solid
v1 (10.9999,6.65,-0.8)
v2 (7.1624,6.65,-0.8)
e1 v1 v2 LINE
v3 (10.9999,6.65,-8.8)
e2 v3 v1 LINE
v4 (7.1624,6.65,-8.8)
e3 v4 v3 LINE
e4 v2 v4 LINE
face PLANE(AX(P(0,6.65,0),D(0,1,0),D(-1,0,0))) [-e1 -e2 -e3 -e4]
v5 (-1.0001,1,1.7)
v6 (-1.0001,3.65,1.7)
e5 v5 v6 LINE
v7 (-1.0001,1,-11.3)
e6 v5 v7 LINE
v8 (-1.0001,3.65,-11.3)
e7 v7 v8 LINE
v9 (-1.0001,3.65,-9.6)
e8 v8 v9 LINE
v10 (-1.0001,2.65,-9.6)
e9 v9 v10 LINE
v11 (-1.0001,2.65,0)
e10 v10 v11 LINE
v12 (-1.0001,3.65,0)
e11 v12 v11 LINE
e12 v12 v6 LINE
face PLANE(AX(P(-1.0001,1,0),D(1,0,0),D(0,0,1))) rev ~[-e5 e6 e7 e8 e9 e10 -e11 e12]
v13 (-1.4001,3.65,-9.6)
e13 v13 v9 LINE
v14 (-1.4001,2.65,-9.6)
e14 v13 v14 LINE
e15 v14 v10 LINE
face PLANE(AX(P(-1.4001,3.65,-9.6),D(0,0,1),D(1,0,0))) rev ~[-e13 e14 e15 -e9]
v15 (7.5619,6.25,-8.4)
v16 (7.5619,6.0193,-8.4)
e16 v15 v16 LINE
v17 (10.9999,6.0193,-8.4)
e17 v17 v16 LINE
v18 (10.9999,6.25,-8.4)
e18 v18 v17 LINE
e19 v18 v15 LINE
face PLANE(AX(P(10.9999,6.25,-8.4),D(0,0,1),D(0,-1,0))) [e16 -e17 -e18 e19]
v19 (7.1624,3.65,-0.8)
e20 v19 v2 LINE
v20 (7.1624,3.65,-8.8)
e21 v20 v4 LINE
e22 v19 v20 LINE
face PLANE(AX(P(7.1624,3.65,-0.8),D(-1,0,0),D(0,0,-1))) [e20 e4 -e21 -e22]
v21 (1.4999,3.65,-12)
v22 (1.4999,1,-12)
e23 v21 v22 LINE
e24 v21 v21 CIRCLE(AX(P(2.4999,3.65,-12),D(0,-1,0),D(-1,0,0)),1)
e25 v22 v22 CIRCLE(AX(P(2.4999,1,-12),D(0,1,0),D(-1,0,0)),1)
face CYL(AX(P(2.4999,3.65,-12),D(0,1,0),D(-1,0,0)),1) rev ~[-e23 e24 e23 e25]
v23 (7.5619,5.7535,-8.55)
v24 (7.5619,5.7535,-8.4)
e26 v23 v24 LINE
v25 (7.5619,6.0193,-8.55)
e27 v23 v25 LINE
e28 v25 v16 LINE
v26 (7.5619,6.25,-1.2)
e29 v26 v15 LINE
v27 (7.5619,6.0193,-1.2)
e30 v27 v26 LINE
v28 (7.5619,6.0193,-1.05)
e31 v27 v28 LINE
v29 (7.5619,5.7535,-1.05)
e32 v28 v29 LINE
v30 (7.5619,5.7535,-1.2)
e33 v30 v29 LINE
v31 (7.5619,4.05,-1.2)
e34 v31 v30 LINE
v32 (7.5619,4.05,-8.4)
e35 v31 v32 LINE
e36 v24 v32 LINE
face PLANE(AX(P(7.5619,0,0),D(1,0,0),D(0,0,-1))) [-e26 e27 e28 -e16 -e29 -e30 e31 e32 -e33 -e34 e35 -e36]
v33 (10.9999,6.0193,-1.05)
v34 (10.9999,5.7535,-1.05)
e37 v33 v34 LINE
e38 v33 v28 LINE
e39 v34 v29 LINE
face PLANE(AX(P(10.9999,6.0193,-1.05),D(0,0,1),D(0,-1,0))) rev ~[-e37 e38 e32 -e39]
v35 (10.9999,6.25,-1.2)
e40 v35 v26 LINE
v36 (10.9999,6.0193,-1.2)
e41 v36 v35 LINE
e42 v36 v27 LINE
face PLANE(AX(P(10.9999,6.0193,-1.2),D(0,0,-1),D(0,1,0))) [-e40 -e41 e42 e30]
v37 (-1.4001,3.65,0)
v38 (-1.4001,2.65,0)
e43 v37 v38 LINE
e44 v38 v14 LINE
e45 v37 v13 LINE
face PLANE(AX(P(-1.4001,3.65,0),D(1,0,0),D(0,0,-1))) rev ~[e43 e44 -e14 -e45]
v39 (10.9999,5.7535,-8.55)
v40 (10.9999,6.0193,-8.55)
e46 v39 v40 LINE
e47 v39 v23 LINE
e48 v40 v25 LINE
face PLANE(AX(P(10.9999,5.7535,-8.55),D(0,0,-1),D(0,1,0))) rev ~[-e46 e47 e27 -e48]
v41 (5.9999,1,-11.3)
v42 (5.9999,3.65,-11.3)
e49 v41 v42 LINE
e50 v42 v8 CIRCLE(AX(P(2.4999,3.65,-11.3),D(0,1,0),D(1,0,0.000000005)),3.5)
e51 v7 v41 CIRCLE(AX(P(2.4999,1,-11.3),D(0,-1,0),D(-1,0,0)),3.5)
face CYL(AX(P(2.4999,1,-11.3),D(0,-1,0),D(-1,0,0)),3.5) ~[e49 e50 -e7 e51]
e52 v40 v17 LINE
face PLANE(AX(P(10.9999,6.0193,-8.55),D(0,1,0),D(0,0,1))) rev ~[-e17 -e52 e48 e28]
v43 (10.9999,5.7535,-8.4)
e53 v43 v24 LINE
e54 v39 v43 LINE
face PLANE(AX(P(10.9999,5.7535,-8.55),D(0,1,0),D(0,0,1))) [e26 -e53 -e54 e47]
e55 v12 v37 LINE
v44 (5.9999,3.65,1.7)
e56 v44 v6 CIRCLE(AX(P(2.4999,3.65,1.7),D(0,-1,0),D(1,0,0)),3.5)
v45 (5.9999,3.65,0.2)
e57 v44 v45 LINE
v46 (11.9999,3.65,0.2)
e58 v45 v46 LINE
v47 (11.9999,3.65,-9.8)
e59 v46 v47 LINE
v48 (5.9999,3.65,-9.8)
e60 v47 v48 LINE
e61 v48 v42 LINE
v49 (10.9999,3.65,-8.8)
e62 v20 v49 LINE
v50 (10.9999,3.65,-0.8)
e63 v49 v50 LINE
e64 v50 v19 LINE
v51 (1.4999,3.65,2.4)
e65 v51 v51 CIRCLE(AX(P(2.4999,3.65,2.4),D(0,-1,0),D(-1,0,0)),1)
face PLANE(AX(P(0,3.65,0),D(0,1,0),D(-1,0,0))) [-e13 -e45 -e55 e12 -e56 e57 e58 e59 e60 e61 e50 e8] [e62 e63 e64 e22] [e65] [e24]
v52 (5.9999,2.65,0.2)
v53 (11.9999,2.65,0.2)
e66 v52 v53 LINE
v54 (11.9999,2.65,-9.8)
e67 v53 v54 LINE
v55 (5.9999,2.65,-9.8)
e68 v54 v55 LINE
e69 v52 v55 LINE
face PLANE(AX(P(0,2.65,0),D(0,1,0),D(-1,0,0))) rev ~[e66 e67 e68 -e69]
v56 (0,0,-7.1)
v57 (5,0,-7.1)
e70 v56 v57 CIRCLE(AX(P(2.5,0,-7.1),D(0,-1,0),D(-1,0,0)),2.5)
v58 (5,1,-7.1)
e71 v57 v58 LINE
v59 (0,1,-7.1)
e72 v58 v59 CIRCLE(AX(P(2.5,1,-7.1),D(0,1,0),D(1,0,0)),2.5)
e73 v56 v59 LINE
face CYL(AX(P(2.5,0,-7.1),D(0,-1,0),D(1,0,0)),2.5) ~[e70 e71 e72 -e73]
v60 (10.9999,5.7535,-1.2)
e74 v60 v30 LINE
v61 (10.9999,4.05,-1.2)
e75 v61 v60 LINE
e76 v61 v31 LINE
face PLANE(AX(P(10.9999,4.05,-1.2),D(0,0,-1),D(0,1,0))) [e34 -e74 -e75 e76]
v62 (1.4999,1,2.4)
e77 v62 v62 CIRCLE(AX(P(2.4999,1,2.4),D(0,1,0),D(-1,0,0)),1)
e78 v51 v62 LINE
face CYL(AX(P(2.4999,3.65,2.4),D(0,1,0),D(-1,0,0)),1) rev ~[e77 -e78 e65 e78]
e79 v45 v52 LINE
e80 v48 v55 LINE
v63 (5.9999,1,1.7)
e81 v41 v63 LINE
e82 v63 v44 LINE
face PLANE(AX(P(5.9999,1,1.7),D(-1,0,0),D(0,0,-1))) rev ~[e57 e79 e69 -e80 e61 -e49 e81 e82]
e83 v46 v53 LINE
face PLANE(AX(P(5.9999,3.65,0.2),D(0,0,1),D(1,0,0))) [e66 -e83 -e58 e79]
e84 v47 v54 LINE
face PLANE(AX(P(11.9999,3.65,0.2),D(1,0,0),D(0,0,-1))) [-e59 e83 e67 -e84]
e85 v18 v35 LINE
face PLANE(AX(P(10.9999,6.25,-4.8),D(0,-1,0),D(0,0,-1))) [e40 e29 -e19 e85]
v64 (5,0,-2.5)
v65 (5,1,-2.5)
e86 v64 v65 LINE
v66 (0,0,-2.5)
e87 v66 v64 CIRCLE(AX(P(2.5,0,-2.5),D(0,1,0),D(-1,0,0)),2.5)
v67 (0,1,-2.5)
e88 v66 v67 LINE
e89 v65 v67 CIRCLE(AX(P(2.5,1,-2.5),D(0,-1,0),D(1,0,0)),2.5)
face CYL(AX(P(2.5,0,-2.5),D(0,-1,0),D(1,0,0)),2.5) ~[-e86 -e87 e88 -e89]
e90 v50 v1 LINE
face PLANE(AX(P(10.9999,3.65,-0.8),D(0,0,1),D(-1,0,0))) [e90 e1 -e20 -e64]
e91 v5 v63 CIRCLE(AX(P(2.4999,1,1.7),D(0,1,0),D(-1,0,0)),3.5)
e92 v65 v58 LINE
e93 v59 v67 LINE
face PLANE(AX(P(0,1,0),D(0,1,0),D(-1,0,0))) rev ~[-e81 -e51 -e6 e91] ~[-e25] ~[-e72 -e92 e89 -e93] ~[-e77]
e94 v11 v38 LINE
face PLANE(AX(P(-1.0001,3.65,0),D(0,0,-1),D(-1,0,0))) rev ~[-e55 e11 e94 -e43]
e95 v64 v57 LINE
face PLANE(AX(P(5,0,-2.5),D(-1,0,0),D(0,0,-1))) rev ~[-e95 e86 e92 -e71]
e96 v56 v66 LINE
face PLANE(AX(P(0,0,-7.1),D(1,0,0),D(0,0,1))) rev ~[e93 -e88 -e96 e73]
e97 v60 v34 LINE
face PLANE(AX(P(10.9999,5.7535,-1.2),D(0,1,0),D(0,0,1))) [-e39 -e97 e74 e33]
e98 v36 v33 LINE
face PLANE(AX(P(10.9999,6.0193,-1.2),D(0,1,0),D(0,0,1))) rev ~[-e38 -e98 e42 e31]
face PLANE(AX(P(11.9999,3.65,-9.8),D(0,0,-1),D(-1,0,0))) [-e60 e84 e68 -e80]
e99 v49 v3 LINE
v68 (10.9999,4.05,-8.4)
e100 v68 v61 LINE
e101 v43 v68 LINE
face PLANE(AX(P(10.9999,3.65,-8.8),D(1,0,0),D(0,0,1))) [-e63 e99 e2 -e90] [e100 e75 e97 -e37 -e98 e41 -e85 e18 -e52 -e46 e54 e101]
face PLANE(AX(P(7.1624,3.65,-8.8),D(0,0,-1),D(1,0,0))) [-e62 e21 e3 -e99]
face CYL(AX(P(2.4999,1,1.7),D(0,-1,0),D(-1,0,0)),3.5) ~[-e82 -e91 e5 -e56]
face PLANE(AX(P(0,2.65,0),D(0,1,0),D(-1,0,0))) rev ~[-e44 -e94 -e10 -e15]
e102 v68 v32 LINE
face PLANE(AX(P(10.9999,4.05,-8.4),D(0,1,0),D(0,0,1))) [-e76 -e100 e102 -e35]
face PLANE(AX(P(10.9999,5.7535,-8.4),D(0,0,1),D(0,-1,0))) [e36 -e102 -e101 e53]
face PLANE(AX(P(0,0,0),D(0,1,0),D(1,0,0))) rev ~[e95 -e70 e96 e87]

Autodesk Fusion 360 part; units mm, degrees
sketch "草图1" plane through (0, 0, 0) normal (0, 1, 0) x (1, 0, 0)
  line L0 (0, 0) -> (5, 0)
  line L1 (5, 0) -> (5, 9.6)
  line L2 (5, 9.6) -> (0, 9.6)
  line L3 (0, 9.6) -> (0, 0)
  circle A0 centre (2.5, 2.5) radius 2.5
  circle A1 centre (2.5, 7.1) radius 2.5
  dimension "d1" = 5
  dimension "d2" = 9.6
  dimension "d3" = 5
  dimension "d4" = 5
extrude "拉伸1" add sketch "草图1" along normal blind 1 contours A0 A1 | L3 A0 A1 | L1 A0 A1 | A0 A1 | A0 A1
sketch "草图2" plane through (0, 1, 0) normal (0, 1, 0) x (-1, 0, 0)
  line L0 (1.0001, 5.2) -> (-5.9999, 5.2)
  line L1 (-5.9999, 5.2) -> (-5.9999, -14.8)
  line L2 (-5.9999, -14.8) -> (1.0001, -14.8)
  line L3 (1.0001, -14.8) -> (1.0001, 5.2)
  line L4 (8, -4.8) -> (-8, -4.8)
  line L5 (0, -7.1) -> (0, -2.5)
  line L6 (-2.4999, 15.7777) -> (-2.4999, -15.7777)
  arc A0 (0, -2.5) -> (-5, -2.4998) centre (-2.5, -2.5) ccw
  line L7 (-5.9999, 5.2) -> (1.0001, -14.8)
  line L8 (1.0001, 5.2) -> (-5.9999, -14.8)
  circle A1 centre (-2.4999, -4.8) radius 1.267
  circle A2 centre (-2.4999, -4.8) radius 1.114
  circle A3 centre (-2.4999, 1.7) radius 3.5
  circle A4 centre (-2.4999, -11.3) radius 3.5
  line L9 (1.0001, 5.2) -> (1.0001, 0)
  line L10 (1.0001, 0) -> (1.4001, 0)
  line L11 (1.4001, 0) -> (1.4001, -9.6)
  line L12 (1.4001, -9.6) -> (1.0001, -9.6)
  dimension "d11" = 7
  dimension "d12" = 20
  dimension "d13" = 7
  dimension "d14" = 7
  dimension "d15" = 5.2
  dimension "d19" = 0.4
  dimension "d20" = 9.6
extrude "拉伸2" add sketch "草图2" along normal blind 2.65 contours L6 A0 L8 A3 | L6 A0 L7 A3 | A0 L8 A3 | L3 L4 L5 A0 A3 L9 | L6 A0 L8 A3 | L6 A0 L7 A3 | A0 L7 A3 | A0 L8 A3 | L4 L5 A0 L8 A1 A3 | L1 L4 L7 A1 A3 | L6 L8 A1 A3 | L6 L7 A1 A3 | A0 L7 A3 | L3 L4 L7 A1 A4 | L1 L4 L8 A1 A4 | L6 L8 A1 A2 | L6 L7 A1 A2 | L4 L8 A1 A2 | L8 A4 | L4 L7 A1 A2 | L4 L8 A1 A2 | L6 L8 A2 | L6 L7 A2 | L7 A4 | L4 L7 A1 A2 | L4 L8 A2 | L6 L8 A4 | L6 L8 A1 A4 | L4 L7 A2 | L4 L8 A2 | L6 L8 A1 A2 | L6 L7 A2 | L4 L7 A2 | L6 L8 A2 | L6 L7 A1 A4 | L6 L7 A4 | L6 L7 A1 A2
sketch "草图3" plane through (0, 3.65, 0) normal (0, 1, 0) x (-1, 0, 0)
  arc A0 (1.0001, 1.7) -> (-5.9999, 1.7) centre (-2.4999, 1.7) ccw
  line L0 (-5.9999, 1.7) -> (-5.9999, -11.3)
  arc A1 (-5.9999, -11.3) -> (1.0001, -11.3) centre (-2.4999, -11.3) ccw
  line L1 (1.0001, -11.3) -> (1.0001, 1.7)
  line L2 (3.0001, -4.8) -> (-14.9999, -4.8)
  line L3 (-5.9999, 2.4) -> (-5.9999, -12)
  line L4 (-2.4999, 10.5811) -> (-2.4999, -40.1811)
  line L5 (-5.9999, 2.4) -> (-2.4999, 2.4)
  line L6 (-5.9999, -12) -> (-2.4999, -12)
  circle A2 centre (-2.4999, 2.4) radius 1
  circle A3 centre (-2.4999, -12) radius 1
  dimension "d24" = 14.4
  dimension "d25" = 2
  dimension "d26" = 2
extrude "拉伸3" cut sketch "草图3" against normal blind 2.65 contours L4 A2 | L4 L5 A2 | L4 L5 A2 | L4 A3 | L4 L6 A3 | L4 L6 A3
sketch "草图5" plane through (0, 3.65, 0) normal (0, 1, 0) x (-1, 0, 0)
  circle A0 centre (-2.4999, 2.4) radius 1
  circle A1 centre (-2.4999, -12) radius 1
  arc A2 (1.0001, 1.7) -> (-5.9999, 1.7) centre (-2.4999, 1.7) ccw
  line L0 (-5.9999, 1.7) -> (-5.9999, -11.3)
  arc A3 (-5.9999, -11.3) -> (1.0001, -11.3) centre (-2.4999, -11.3) ccw
  line L1 (1.0001, -11.3) -> (1.0001, 1.7)
  line L2 (2.5, 5.2) -> (-8.5, 5.2)
  line L3 (1.0001, 1.7) -> (1.0001, 5.2)
  line L4 (-5.9999, 1.7) -> (-5.9999, 5.2)
  line L5 (1.0001, 5.2) -> (1.0001, 0)
  line L6 (-5.9999, 5.2) -> (-5.9999, 0.2)
  line L7 (1.0001, 0) -> (1.4001, 0)
  line L8 (1.4001, 0) -> (1.4001, -9.6)
  line L9 (1.4001, -9.6) -> (1.0001, -9.6)
  line L10 (1.0001, -9.6) -> (1.0001, 0)
  line L11 (-5.9999, 0.2) -> (-11.9999, 0.2)
  line L12 (-11.9999, 0.2) -> (-11.9999, -9.8)
  line L13 (-11.9999, -9.8) -> (-5.9999, -9.8)
  line L14 (-5.9999, -9.8) -> (-5.9999, 0.2)
  dimension "d37" = 5.2
  dimension "d38" = 5
  dimension "d39" = 0.4
  dimension "d40" = 9.6
  dimension "d41" = 6
  dimension "d42" = 10
extrude "拉伸4" add sketch "草图5" against normal blind 1 contours L1 L7 L8 L9 L10 | L0 L11 L12 L13 L14
sketch "草图6" plane through (0, 3.65, 0) normal (0, 1, 0) x (-1, 0, 0)
  circle A0 centre (-2.4999, 2.4) radius 1
  circle A1 centre (-2.4999, -12) radius 1
  arc A2 (1.0001, 1.7) -> (-5.9999, 1.7) centre (-2.4999, 1.7) ccw
  line L0 (-5.9999, 1.7) -> (-5.9999, 0.2)
  line L1 (-5.9999, 0.2) -> (-11.9999, 0.2)
  line L2 (-11.9999, 0.2) -> (-11.9999, -9.8)
  line L3 (-11.9999, -9.8) -> (-5.9999, -9.8)
  line L4 (-5.9999, -9.8) -> (-5.9999, -11.3)
  arc A3 (-5.9999, -11.3) -> (1.0001, -11.3) centre (-2.4999, -11.3) ccw
  line L5 (1.0001, -11.3) -> (1.0001, -9.6)
  line L6 (1.0001, -9.6) -> (1.4001, -9.6)
  line L7 (1.4001, -9.6) -> (1.4001, 0)
  line L8 (1.4001, 0) -> (1.0001, 0)
  line L9 (1.0001, 0) -> (1.0001, 1.7)
  line L10 (-11.9999, 0.2) -> (-10.9999, 0.2)
  line L11 (-10.9999, 0.2) -> (-10.9999, -0.8)
  line L12 (-10.9999, -0.8) -> (-11.9999, -0.8)
  line L13 (-11.9999, -0.8) -> (-11.9999, 0.2)
  line L14 (-10.9999, -0.8) -> (-7.1624, -0.8)
  line L15 (-7.1624, -0.8) -> (-7.1624, -8.8)
  line L16 (-7.1624, -8.8) -> (-10.9999, -8.8)
  line L17 (-10.9999, -8.8) -> (-10.9999, -0.8)
  dimension "d46" = 1
  dimension "d47" = 1
  dimension "d48" = 8
extrude "拉伸5" add sketch "草图6" along normal blind 3 contours L14 L15 L16 L17
sketch "草图7" plane through (10.9999, 0, 0) normal (1, 0, 0) x (0, 0, -1)
  line L0 (0.8, 3.65) -> (8.8, 3.65)
  line L1 (8.8, 3.65) -> (8.8, 6.65)
  line L2 (8.8, 6.65) -> (0.8, 6.65)
  line L3 (0.8, 6.65) -> (0.8, 3.65)
  line L4 (0.8, 6.65) -> (1.2, 6.65)
  line L5 (1.2, 6.65) -> (1.2, 6.25)
  line L6 (1.2, 6.25) -> (0.8, 6.25)
  line L7 (0.8, 6.25) -> (0.8, 6.65)
  line L8 (8.8, 3.65) -> (8.4, 3.65)
  line L9 (8.4, 3.65) -> (8.4, 4.05)
  line L10 (8.4, 4.05) -> (8.8, 4.05)
  line L11 (8.8, 4.05) -> (8.8, 3.65)
  line L12 (1.2, 6.25) -> (8.4, 6.25)
  line L13 (8.4, 6.25) -> (8.4, 4.05)
  line L14 (8.4, 4.05) -> (1.2, 4.05)
  line L15 (1.2, 4.05) -> (1.2, 6.25)
  line L16 (1.2, 6.0193) -> (8.4, 6.0193)
  line L17 (1.2, 5.7535) -> (8.4, 5.7535)
  line L18 (1.2, 5.7535) -> (1.05, 5.7535)
  line L19 (1.2, 6.0193) -> (1.05, 6.0193)
  line L20 (1.05, 6.0193) -> (1.05, 5.7535)
  line L21 (4.8, 10.0193) -> (4.8, 2.0193)
  line L22 (8.55, 5.7535) -> (8.4, 5.7535)
  line L23 (8.55, 6.0193) -> (8.4, 6.0193)
  line L24 (8.55, 5.7535) -> (8.55, 6.0193)
  point P0 (8.55, 6.0193)
  point P1 (8.55, 5.7535)
  dimension "d51" = 0.4
  dimension "d52" = 0.4
  dimension "d53" = 0.4
  dimension "d54" = 0.4
  dimension "d55" = 0.15
  dimension "d56" = 0.15
extrude "拉伸6" cut sketch "草图7" against normal blind 3.438 contours L13 L14 L17 L21 | L14 L15 L17 L21 | L13 L16 L17 L21 | L13 L22 L23 L24 | L15 L16 L17 L21 | L12 L13 L16 L21 | L12 L15 L16 L21 | L15 L18 L19 L20
